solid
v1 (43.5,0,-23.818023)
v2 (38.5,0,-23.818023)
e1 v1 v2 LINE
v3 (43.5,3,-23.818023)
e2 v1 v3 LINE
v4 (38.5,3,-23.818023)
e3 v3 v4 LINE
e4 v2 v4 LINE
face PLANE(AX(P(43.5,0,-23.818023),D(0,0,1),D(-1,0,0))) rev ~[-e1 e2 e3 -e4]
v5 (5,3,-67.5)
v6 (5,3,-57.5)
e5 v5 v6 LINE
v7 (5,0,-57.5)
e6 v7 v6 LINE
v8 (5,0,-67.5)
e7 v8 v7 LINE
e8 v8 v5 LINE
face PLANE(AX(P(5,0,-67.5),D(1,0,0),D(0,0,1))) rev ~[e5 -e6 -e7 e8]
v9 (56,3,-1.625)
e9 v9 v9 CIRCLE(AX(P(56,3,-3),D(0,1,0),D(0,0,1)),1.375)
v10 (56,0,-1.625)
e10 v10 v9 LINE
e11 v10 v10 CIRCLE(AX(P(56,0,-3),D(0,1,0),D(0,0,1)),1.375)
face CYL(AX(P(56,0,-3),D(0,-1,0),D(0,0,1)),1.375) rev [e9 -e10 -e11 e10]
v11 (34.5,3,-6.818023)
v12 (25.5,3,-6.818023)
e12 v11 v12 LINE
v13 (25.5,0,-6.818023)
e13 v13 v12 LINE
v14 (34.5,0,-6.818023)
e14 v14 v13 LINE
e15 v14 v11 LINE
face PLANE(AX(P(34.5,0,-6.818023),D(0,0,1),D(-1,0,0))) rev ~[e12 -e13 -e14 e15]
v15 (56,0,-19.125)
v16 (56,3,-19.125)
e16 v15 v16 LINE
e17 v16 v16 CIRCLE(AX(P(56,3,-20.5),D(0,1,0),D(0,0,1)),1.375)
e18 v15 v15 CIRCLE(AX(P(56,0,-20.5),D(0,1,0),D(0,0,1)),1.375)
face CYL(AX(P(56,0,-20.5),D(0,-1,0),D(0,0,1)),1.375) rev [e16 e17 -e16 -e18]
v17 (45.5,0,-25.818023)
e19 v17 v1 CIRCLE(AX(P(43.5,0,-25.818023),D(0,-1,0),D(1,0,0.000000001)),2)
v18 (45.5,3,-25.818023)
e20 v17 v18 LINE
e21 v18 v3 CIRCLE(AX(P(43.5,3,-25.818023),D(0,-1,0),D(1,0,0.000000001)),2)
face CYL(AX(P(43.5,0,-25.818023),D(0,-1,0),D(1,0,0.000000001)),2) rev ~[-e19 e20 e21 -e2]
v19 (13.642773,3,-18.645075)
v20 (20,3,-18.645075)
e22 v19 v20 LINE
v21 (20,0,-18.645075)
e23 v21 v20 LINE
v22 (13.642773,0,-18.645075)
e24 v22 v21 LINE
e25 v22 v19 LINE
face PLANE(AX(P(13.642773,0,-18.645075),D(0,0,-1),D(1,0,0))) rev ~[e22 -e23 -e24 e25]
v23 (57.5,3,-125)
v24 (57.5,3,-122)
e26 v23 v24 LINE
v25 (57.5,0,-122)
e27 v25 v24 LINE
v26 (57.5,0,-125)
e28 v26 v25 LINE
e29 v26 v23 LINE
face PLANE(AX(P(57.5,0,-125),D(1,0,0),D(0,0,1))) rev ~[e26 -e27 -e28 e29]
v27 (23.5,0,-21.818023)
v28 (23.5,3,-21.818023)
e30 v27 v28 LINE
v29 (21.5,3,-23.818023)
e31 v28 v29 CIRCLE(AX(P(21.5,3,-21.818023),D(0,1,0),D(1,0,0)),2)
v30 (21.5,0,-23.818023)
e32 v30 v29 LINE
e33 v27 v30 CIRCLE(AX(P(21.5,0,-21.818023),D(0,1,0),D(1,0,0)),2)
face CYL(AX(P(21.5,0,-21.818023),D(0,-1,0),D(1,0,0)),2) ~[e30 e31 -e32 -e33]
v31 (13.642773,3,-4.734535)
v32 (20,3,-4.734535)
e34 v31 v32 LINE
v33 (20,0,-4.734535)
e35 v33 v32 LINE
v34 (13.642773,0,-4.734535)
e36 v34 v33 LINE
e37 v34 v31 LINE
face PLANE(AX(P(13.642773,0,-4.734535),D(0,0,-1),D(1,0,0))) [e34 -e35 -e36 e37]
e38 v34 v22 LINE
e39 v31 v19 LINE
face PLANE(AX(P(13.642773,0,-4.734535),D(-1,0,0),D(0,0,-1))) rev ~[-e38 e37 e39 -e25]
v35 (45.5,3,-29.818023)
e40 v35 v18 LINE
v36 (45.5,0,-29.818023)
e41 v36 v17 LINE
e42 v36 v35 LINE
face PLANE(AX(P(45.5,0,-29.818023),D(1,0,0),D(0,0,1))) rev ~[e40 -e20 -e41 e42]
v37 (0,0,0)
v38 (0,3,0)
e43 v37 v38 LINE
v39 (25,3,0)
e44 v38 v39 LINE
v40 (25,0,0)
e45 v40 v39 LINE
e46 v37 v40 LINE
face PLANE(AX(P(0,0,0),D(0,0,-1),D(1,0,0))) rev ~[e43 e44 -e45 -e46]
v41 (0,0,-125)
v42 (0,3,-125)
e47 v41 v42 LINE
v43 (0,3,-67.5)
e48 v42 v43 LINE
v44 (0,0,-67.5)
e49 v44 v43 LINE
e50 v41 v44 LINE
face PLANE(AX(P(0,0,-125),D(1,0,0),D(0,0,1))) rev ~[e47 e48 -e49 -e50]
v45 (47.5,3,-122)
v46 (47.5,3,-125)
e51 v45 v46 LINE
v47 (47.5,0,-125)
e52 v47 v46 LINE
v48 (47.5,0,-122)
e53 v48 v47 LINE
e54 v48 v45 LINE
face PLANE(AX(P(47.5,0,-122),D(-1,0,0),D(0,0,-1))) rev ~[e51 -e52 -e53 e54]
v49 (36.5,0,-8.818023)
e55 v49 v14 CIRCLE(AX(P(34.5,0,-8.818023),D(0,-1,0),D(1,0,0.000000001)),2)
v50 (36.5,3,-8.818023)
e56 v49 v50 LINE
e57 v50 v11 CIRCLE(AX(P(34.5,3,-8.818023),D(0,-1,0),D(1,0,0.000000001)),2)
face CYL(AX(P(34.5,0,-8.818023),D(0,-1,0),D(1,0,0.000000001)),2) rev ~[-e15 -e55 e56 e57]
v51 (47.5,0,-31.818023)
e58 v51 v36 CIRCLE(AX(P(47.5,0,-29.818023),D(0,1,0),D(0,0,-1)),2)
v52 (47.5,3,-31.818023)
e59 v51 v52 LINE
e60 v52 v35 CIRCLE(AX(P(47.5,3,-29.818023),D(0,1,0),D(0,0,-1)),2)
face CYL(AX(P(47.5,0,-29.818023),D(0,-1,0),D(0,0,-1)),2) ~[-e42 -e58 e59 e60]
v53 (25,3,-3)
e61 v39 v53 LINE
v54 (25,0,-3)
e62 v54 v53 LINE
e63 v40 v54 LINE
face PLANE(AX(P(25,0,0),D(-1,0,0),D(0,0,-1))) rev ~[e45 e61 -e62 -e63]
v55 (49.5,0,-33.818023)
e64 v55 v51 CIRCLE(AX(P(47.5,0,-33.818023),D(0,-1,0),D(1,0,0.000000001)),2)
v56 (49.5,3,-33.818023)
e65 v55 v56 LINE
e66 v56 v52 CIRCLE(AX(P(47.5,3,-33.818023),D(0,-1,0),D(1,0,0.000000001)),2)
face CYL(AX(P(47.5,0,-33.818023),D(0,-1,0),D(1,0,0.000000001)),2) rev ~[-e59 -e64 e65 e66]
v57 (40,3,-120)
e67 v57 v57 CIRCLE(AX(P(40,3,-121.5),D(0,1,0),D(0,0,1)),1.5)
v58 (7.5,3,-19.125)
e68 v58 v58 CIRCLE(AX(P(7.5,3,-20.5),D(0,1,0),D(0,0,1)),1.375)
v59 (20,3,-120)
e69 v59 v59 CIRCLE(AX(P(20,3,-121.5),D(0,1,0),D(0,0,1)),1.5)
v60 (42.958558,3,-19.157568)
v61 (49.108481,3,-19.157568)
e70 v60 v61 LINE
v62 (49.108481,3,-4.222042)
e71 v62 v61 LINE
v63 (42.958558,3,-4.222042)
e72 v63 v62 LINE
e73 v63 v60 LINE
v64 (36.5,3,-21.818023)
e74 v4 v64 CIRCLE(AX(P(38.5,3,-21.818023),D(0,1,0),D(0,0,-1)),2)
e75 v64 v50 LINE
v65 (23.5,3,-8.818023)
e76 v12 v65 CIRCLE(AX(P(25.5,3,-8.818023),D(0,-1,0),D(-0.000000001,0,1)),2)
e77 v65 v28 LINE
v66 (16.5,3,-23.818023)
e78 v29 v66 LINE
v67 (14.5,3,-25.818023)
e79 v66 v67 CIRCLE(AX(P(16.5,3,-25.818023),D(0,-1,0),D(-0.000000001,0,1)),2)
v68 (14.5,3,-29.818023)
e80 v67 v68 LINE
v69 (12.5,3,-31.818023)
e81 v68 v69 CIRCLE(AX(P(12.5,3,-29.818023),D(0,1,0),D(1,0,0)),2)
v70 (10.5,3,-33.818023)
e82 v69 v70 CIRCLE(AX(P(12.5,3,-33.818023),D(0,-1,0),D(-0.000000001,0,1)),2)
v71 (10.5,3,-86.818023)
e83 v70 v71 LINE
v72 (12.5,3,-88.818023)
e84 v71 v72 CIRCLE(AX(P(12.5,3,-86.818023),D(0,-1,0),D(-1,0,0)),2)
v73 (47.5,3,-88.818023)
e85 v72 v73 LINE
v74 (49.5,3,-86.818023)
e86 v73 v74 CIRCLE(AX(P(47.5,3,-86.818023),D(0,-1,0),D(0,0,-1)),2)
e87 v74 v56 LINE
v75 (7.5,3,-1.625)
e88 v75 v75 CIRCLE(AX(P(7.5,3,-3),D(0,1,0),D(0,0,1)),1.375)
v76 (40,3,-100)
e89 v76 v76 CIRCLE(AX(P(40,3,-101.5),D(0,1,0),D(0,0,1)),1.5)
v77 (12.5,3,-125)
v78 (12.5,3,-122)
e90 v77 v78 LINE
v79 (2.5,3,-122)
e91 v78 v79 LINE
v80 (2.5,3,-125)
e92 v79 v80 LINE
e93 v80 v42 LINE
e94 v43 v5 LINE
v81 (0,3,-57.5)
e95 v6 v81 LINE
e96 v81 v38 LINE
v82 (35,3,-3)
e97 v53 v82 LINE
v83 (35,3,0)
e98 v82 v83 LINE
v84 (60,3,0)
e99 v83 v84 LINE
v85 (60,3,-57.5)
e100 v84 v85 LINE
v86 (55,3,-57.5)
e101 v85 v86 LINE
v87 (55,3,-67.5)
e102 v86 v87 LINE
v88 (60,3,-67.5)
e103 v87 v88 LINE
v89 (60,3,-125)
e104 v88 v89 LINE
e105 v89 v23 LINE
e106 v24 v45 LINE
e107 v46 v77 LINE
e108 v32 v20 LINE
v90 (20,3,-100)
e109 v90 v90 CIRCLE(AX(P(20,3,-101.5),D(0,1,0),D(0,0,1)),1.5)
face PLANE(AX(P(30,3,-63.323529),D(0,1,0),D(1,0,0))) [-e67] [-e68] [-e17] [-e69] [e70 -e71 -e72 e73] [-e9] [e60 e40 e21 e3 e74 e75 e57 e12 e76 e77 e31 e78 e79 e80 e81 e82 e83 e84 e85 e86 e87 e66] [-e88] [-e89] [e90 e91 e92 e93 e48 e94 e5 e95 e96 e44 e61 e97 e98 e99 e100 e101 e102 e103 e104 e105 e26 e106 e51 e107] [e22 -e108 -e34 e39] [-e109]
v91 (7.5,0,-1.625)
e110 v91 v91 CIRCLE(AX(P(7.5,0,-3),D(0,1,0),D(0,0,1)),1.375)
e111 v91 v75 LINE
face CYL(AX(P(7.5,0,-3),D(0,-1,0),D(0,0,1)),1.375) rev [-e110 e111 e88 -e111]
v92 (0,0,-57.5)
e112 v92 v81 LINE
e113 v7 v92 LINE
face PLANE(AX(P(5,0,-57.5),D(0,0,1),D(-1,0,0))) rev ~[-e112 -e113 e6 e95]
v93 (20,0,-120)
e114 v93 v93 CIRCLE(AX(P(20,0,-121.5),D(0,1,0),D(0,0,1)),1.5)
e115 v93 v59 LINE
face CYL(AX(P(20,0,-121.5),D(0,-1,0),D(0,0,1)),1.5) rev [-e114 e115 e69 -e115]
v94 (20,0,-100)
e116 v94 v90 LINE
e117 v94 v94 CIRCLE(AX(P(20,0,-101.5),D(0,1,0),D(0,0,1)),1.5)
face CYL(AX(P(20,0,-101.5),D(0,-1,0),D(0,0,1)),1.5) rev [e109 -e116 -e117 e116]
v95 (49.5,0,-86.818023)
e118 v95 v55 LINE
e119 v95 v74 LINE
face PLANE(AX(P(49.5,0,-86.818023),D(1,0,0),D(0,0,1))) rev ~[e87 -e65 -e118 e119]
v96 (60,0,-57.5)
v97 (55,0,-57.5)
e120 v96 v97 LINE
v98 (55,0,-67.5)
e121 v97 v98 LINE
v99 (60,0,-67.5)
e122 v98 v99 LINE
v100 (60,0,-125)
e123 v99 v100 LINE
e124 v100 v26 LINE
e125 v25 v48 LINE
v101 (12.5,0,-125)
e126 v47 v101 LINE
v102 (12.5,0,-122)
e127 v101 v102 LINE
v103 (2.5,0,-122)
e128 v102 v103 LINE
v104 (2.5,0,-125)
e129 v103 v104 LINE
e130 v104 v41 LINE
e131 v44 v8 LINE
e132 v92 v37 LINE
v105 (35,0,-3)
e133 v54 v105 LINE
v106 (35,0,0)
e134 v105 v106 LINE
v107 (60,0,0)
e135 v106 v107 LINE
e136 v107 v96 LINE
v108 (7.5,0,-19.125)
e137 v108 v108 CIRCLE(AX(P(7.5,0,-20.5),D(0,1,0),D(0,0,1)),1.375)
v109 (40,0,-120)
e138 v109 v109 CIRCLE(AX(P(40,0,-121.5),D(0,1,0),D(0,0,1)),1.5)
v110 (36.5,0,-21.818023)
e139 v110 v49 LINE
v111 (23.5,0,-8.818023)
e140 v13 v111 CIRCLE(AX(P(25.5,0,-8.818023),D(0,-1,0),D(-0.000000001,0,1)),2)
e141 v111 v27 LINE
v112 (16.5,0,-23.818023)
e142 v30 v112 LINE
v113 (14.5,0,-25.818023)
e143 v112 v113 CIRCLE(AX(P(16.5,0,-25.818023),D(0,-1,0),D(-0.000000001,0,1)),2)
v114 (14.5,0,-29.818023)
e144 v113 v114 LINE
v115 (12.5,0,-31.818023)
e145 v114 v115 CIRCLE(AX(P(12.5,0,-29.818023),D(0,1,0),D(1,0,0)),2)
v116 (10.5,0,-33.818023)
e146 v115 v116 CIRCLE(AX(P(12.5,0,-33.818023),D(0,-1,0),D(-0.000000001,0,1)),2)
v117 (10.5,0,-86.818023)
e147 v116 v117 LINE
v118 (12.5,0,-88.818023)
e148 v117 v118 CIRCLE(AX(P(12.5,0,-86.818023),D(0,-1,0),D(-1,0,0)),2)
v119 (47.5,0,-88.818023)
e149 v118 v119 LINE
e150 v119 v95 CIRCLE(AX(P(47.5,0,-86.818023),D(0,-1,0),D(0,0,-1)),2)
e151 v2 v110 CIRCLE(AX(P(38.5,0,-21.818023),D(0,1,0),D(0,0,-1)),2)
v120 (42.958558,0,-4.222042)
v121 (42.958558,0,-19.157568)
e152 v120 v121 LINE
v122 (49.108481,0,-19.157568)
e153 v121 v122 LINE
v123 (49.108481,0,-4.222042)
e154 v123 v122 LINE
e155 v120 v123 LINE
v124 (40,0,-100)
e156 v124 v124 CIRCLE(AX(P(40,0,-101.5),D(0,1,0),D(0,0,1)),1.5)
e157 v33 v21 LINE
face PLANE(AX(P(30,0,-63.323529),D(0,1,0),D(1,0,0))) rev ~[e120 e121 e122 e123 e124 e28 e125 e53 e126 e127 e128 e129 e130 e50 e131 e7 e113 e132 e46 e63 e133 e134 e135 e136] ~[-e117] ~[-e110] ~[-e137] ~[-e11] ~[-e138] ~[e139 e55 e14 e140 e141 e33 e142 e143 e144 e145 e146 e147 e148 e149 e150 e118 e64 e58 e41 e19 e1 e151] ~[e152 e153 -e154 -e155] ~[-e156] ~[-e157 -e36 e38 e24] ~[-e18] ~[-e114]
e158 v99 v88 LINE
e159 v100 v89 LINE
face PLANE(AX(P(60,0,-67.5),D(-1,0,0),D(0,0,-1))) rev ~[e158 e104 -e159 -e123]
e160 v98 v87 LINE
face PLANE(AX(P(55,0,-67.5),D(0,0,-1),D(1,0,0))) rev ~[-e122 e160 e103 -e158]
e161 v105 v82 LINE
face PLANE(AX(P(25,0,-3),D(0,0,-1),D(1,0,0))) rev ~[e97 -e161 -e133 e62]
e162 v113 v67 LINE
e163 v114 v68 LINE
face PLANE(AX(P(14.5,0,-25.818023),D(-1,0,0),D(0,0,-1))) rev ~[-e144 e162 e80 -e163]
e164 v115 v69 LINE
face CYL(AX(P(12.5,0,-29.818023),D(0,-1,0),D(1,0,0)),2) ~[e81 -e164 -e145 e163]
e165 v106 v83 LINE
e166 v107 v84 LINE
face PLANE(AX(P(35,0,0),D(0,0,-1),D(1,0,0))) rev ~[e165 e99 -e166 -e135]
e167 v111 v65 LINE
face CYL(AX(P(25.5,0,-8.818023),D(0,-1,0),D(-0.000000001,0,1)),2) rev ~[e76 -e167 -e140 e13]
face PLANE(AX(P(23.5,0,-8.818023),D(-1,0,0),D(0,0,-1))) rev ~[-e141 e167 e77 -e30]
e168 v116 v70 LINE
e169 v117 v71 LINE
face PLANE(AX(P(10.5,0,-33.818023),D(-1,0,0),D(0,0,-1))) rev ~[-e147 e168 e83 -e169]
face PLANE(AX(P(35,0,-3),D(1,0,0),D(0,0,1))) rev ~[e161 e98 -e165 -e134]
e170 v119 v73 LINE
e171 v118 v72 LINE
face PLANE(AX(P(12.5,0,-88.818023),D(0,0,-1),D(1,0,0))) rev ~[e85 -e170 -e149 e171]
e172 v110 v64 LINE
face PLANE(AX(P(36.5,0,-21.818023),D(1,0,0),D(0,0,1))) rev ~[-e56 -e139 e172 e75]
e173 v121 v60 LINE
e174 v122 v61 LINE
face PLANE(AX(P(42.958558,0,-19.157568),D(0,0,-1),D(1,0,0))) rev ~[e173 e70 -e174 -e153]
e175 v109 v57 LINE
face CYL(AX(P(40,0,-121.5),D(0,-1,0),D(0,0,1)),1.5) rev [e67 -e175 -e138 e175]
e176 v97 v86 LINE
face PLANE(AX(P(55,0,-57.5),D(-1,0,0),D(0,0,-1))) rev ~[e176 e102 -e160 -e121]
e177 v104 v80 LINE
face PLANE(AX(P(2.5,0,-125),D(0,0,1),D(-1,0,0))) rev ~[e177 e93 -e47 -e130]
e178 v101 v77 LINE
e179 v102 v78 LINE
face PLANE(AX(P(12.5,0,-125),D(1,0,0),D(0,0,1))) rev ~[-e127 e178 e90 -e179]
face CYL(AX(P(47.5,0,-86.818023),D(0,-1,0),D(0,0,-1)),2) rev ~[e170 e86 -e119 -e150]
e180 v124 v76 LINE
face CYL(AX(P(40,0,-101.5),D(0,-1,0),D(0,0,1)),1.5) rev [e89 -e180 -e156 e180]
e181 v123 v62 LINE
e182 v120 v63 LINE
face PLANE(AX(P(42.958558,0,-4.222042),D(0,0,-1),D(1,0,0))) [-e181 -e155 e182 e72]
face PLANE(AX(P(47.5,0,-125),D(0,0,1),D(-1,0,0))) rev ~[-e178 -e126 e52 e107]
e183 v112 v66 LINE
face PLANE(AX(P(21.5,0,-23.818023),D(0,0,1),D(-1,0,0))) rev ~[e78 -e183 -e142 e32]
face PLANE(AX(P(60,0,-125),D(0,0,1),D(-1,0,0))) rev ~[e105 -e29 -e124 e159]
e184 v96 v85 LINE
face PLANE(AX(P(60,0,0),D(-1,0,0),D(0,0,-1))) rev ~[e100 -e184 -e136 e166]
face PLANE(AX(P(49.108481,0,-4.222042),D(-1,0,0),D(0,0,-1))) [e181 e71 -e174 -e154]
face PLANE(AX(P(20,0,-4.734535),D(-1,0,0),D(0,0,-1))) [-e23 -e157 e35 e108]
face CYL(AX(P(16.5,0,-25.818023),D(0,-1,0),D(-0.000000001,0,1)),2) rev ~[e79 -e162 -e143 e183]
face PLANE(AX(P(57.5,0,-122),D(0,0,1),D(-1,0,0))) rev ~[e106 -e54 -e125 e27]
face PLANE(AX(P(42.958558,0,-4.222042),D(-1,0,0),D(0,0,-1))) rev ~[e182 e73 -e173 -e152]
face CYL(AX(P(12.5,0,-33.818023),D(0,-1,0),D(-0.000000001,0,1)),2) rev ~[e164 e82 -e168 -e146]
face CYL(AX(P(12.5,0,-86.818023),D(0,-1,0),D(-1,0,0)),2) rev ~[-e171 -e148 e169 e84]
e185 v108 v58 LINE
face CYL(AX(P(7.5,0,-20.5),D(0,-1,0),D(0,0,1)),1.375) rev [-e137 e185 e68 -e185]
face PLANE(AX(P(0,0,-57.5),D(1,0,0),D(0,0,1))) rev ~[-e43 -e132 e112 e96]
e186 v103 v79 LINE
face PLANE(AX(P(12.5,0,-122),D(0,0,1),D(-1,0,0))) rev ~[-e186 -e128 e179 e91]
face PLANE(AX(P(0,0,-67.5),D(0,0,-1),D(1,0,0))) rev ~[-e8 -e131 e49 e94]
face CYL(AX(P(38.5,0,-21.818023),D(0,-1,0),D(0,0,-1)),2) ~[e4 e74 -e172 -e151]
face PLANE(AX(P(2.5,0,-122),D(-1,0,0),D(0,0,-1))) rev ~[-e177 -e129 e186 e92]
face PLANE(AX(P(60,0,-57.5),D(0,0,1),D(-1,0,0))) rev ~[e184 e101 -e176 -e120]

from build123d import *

# Parameters (mm, degrees)
CROQUIS1_R              = 1.5
CROQUIS1_R_2            = 1.375
CROQUIS1_W              = 6.357227068
CROQUIS1_H              = 13.910539406
CROQUIS1_W_2            = 6.149922685
CROQUIS1_H_2            = 14.93552652
SALIENTE_EXTRUIR1_DEPTH = 3


with BuildPart() as part:
    # Croquis1 → Saliente-Extruir1 (new body)
    with BuildSketch(Plane(origin=(0, 0, 0), x_dir=(1, 0, 0), z_dir=(0, 1, 0))):
        Polygon((0, 0), (25, 0), (25, 3), (35, 3), (35, 0), (60, 0), (60, 57.5), (55, 57.5), (55, 67.5), (60, 67.5), (60, 125), (57.5, 125), (57.5, 122), (47.5, 122), (47.5, 125), (12.5, 125), (12.5, 122), (2.5, 122), (2.5, 125), (0, 125), (0, 67.5), (5, 67.5), (5, 57.5), (0, 57.5), align=None)
        with Locations(Location((20, 101.5, 0), (0, 0, 270))):
            Circle(CROQUIS1_R, mode=Mode.SUBTRACT)
        with Locations(Location((20, 121.5, 0), (0, 0, 270))):
            Circle(CROQUIS1_R, mode=Mode.SUBTRACT)
        with Locations(Location((40, 121.5, 0), (0, 0, 270))):
            Circle(CROQUIS1_R, mode=Mode.SUBTRACT)
        with Locations(Location((40, 101.5, 0), (0, 0, 270))):
            Circle(CROQUIS1_R, mode=Mode.SUBTRACT)
        with Locations(Location((7.5, 3, 0), (0, 0, 270))):
            Circle(CROQUIS1_R_2, mode=Mode.SUBTRACT)
        with Locations(Location((7.5, 20.5, 0), (0, 0, 270))):
            Circle(CROQUIS1_R_2, mode=Mode.SUBTRACT)
        with Locations(Location((56, 20.5, 0), (0, 0, 270))):
            Circle(CROQUIS1_R_2, mode=Mode.SUBTRACT)
        with Locations(Location((56, 3, 0), (0, 0, 270))):
            Circle(CROQUIS1_R_2, mode=Mode.SUBTRACT)
        with Locations((16.821386466, 11.689804861)):
            Rectangle(CROQUIS1_W, CROQUIS1_H, mode=Mode.SUBTRACT)
        with Locations((46.033519219, 11.689804861)):
            Rectangle(CROQUIS1_W_2, CROQUIS1_H_2, mode=Mode.SUBTRACT)
        with BuildLine():
            Line((10.5, 33.818022813), (10.5, 86.818022813))
            ThreePointArc((10.5, 86.818022813), (11.085786438, 88.232236376), (12.5, 88.818022813))
            Line((12.5, 88.818022813), (47.5, 88.818022813))
            ThreePointArc((47.5, 88.818022813), (48.914213562, 88.232236376), (49.5, 86.818022813))
            Line((49.5, 86.818022813), (49.5, 33.818022813))
            ThreePointArc((49.5, 33.818022813), (48.914213562, 32.403809251), (47.5, 31.818022813))
            ThreePointArc((47.5, 31.818022813), (46.085786438, 31.232236376), (45.5, 29.818022813))
            Line((45.5, 29.818022813), (45.5, 25.818022813))
            ThreePointArc((45.5, 25.818022813), (44.914213562, 24.403809251), (43.5, 23.818022813))
            Line((43.5, 23.818022813), (38.5, 23.818022813))
            ThreePointArc((38.5, 23.818022813), (37.085786438, 23.232236376), (36.5, 21.818022813))
            Line((36.5, 21.818022813), (36.5, 8.818022813))
            ThreePointArc((36.5, 8.818022813), (35.914213562, 7.403809251), (34.5, 6.818022813))
            Line((34.5, 6.818022813), (25.5, 6.818022813))
            ThreePointArc((25.5, 6.818022813), (24.085786438, 7.403809251), (23.5, 8.818022813))
            Line((23.5, 8.818022813), (23.5, 21.818022813))
            ThreePointArc((23.5, 21.818022813), (22.914213562, 23.232236376), (21.5, 23.818022813))
            Line((21.5, 23.818022813), (16.5, 23.818022813))
            ThreePointArc((16.5, 23.818022813), (15.085786438, 24.403809251), (14.5, 25.818022813))
            Line((14.5, 25.818022813), (14.5, 29.818022813))
            ThreePointArc((14.5, 29.818022813), (13.914213562, 31.232236376), (12.5, 31.818022813))
            ThreePointArc((12.5, 31.818022813), (11.085786438, 32.403809251), (10.5, 33.818022813))
        make_face(mode=Mode.SUBTRACT)
    extrude(amount=SALIENTE_EXTRUIR1_DEPTH)


solid = part.part
